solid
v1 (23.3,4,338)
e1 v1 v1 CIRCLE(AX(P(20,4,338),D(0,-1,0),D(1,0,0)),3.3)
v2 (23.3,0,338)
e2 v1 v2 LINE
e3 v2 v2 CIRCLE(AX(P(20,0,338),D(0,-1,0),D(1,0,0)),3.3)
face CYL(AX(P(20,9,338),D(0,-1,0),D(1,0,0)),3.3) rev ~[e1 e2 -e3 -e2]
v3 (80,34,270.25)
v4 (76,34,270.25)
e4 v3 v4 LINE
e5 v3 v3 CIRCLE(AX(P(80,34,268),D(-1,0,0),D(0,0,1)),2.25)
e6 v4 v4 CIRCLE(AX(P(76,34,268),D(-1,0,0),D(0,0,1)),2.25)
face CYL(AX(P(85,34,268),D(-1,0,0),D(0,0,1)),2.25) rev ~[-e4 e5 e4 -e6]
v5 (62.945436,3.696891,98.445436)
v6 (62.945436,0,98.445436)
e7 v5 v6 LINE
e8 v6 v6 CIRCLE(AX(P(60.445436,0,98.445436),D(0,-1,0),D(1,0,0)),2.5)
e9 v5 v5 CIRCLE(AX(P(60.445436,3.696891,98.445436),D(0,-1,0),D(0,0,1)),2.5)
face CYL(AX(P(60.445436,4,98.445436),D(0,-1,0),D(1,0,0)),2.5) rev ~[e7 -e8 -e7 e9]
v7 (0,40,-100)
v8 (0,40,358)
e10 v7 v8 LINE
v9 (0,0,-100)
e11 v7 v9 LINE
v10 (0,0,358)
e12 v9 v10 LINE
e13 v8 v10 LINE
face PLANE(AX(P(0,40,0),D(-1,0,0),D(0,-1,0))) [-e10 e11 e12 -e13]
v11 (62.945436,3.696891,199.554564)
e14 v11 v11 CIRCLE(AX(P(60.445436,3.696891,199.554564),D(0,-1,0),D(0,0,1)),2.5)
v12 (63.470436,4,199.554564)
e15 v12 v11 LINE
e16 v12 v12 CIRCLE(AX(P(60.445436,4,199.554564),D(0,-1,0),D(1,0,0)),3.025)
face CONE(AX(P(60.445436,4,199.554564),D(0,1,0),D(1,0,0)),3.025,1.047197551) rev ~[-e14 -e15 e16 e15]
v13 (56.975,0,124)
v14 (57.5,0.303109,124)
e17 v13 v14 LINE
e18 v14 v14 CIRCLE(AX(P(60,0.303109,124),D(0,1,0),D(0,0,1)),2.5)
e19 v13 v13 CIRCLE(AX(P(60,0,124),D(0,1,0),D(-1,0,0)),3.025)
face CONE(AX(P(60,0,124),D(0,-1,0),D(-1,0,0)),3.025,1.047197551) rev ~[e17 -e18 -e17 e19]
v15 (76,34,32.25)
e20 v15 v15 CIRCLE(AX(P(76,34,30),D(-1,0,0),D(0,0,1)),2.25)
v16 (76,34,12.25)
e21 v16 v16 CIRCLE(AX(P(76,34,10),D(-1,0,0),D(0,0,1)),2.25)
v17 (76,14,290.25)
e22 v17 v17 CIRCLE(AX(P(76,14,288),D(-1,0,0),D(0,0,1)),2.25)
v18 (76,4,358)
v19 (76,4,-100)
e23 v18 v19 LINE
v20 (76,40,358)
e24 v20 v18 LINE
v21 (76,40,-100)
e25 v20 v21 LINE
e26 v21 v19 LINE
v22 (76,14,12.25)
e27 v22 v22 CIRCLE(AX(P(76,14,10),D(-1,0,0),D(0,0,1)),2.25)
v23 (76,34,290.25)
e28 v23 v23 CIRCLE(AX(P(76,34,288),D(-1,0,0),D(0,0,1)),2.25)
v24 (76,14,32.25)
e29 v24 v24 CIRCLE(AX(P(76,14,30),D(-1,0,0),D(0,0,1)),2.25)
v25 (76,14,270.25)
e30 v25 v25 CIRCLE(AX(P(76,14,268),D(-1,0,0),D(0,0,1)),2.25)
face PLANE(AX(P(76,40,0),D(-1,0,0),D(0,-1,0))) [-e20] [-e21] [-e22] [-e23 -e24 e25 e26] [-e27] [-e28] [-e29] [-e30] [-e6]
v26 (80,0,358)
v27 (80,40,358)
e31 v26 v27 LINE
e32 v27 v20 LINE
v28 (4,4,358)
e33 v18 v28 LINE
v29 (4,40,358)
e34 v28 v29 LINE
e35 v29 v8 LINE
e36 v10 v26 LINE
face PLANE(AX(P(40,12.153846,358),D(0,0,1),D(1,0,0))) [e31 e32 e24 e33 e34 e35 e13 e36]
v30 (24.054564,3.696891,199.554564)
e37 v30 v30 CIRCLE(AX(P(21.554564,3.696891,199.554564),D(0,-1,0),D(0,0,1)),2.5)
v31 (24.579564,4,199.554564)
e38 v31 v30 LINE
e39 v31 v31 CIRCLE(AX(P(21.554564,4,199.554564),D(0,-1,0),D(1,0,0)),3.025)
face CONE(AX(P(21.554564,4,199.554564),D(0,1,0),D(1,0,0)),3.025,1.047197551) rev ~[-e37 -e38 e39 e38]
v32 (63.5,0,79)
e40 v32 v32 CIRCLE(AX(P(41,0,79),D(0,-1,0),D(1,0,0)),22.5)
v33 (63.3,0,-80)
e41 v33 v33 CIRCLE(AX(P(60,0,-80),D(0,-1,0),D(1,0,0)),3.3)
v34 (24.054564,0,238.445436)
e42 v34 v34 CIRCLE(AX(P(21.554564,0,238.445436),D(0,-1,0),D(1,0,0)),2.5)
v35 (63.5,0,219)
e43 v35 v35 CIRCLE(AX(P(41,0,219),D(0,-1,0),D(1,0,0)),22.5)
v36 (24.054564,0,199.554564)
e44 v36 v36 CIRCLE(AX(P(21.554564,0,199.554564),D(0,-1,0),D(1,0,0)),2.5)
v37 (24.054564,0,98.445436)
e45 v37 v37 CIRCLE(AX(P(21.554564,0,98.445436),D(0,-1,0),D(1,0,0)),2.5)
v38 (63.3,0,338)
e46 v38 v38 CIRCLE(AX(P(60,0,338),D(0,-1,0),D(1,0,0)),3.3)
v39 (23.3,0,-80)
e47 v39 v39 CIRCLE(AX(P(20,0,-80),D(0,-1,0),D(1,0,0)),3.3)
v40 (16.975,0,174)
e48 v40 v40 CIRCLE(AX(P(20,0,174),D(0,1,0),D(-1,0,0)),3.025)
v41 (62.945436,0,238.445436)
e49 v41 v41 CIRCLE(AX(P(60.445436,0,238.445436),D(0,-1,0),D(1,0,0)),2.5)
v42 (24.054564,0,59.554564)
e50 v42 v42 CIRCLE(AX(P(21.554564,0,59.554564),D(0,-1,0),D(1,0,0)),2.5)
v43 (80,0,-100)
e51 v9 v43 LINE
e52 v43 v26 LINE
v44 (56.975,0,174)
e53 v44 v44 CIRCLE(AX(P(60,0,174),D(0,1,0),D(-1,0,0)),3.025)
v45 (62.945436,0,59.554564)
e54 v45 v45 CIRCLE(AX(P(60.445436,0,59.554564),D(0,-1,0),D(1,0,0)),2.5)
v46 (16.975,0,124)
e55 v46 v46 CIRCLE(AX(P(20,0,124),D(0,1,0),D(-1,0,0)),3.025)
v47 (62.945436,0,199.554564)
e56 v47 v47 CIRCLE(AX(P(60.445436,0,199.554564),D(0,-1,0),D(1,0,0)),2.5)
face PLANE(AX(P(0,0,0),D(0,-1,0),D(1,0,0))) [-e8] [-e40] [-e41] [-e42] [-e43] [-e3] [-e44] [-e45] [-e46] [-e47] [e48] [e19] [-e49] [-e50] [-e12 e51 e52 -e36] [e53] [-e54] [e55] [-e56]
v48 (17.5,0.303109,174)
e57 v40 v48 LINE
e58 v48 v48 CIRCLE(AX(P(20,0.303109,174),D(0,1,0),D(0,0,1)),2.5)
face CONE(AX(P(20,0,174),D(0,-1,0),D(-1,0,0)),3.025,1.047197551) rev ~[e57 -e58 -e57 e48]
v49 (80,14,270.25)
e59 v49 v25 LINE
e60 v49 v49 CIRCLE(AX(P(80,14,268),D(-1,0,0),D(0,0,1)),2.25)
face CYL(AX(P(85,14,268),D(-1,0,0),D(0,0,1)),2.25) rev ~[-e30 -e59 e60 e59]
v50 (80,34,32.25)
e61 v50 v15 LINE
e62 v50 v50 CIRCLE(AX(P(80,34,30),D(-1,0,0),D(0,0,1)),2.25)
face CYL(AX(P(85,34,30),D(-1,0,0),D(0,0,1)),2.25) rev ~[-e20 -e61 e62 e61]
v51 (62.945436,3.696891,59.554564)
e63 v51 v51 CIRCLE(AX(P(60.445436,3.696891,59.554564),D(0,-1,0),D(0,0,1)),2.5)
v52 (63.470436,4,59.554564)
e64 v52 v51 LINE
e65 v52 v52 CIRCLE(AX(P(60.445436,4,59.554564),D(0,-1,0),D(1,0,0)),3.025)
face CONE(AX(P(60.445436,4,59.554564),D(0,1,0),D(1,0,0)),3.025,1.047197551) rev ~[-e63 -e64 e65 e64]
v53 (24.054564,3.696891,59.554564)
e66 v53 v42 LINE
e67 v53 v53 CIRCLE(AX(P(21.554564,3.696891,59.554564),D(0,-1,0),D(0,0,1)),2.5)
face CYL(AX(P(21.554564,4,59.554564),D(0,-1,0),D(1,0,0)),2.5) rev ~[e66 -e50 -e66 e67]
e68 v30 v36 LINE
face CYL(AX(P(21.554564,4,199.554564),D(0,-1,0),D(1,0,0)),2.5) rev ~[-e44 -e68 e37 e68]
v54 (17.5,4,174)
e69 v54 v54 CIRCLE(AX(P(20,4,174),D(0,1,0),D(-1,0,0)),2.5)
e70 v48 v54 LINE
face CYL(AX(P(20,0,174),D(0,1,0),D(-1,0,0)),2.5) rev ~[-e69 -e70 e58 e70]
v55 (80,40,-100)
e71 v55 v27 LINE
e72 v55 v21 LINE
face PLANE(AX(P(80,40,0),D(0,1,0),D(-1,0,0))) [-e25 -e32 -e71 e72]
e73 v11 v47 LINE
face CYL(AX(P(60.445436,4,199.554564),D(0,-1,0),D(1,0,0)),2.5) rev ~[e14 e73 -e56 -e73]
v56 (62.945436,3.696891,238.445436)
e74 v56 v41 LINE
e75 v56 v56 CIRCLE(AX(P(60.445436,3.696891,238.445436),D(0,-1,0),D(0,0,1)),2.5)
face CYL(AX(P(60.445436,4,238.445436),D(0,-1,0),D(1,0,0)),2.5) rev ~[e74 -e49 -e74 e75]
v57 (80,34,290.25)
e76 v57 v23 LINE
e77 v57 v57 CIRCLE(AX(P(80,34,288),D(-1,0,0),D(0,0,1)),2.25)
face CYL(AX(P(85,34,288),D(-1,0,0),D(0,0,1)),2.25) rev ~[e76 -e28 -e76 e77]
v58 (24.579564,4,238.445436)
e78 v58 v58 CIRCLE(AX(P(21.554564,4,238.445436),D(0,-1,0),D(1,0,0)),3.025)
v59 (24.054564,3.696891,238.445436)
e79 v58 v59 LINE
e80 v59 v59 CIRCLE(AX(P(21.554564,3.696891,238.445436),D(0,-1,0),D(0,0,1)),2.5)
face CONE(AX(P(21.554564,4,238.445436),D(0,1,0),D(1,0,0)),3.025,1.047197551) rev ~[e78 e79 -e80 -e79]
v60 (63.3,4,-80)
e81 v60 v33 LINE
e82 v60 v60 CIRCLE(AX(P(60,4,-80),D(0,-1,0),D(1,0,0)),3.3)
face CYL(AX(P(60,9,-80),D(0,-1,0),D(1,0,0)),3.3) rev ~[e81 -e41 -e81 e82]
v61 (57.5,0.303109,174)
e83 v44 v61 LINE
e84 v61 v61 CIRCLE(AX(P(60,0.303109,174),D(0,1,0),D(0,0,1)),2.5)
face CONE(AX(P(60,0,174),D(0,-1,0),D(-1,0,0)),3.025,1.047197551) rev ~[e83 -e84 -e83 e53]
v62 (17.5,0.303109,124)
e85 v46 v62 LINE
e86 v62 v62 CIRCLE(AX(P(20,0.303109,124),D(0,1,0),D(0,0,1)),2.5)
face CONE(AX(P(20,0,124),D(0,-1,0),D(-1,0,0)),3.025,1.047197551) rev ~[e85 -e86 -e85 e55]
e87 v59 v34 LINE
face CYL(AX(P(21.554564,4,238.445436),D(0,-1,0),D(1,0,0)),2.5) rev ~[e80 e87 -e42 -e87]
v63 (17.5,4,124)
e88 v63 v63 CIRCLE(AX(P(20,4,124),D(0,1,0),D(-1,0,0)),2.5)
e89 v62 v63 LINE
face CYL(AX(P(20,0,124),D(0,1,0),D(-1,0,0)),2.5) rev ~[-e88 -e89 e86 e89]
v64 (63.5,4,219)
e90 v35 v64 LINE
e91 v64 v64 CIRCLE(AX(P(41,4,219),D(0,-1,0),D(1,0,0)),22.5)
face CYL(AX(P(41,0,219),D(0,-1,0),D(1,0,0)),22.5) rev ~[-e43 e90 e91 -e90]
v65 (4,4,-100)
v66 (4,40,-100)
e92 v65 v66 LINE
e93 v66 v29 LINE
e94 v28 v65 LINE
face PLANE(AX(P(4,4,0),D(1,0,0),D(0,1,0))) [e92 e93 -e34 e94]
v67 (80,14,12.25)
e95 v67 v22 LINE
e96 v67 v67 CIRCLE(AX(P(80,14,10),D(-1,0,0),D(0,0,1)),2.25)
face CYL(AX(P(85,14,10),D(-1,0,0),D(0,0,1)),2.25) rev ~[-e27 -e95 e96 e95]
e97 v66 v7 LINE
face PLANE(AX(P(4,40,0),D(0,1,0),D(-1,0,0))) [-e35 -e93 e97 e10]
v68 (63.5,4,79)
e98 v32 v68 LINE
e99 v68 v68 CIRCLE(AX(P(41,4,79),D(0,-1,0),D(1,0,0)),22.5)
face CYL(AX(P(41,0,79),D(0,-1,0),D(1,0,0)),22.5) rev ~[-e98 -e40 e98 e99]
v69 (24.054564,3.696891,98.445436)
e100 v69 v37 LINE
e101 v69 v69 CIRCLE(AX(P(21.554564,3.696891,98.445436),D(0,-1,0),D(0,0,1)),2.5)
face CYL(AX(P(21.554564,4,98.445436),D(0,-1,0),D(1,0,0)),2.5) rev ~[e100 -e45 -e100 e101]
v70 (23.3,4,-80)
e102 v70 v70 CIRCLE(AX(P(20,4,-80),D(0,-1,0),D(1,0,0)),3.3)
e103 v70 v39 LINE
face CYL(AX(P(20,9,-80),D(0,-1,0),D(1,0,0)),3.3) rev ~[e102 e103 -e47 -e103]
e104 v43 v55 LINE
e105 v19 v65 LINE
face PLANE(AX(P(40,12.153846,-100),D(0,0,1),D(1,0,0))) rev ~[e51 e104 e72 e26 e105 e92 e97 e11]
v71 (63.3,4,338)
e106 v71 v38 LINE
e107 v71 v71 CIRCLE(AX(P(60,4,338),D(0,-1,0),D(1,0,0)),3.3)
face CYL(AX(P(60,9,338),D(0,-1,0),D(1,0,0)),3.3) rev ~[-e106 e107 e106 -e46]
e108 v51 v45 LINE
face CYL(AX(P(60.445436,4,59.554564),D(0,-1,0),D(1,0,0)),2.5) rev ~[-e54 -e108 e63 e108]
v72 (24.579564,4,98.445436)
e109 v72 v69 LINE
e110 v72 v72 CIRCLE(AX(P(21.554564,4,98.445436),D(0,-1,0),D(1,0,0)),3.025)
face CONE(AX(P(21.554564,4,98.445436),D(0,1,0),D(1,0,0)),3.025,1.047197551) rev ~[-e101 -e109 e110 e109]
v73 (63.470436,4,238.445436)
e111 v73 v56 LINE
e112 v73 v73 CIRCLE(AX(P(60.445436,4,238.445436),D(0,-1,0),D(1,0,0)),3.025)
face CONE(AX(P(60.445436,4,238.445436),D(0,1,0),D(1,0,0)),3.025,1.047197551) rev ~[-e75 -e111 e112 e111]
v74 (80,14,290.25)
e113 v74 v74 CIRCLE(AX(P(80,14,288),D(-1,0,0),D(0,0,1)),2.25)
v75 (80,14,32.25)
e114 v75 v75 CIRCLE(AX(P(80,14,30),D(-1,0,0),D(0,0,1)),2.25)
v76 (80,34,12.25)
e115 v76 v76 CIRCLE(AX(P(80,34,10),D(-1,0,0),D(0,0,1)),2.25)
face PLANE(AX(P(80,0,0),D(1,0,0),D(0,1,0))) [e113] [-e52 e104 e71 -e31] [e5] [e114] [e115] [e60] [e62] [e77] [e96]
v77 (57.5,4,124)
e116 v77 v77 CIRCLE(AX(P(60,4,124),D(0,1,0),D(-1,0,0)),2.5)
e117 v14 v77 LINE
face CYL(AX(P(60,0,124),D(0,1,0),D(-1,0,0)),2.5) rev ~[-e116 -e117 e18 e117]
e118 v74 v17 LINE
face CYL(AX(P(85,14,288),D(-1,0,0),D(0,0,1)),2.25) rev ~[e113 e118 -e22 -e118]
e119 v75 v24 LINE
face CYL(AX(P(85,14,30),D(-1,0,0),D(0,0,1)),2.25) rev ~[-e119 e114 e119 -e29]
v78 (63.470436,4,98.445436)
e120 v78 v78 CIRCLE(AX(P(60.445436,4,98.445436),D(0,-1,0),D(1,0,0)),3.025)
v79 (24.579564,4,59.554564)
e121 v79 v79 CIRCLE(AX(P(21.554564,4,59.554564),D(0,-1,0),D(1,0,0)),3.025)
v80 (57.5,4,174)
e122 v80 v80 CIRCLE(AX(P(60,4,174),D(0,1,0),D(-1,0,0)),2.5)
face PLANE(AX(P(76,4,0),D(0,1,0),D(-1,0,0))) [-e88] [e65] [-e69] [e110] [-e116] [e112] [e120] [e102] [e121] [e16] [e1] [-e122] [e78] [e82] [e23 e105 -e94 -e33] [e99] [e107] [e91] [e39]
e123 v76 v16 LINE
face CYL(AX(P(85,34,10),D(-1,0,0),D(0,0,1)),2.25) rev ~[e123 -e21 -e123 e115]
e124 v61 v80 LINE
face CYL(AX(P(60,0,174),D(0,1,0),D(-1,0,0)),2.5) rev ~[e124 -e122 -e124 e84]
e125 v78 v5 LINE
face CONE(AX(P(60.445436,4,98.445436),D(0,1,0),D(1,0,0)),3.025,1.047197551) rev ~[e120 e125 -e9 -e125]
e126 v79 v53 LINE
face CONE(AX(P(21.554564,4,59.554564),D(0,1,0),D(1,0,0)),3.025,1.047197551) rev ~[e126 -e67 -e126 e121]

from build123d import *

# Parameters (mm, degrees)
EXTRUDE_1_DEPTH             = 298
SKETCH_2_R                  = 22.5
CUT_EXTRUDE_1_DEPTH         = 312.133411899
HOLE_WIZARD_M62_D           = 5
HOLE_WIZARD_M62_DEPTH       = 17
HOLE_WIZARD_M62_CSINK_D     = 6.05
HOLE_WIZARD_M62_CSINK_ANGLE = 120
HOLE_WIZARD_M62_TIP         = 1.502151548
HOLE_WIZARD_M42_D           = 4.5
HOLE_WIZARD_M42_DEPTH       = 5
HOLE_WIZARD_M42_TIP         = 1.351936393
HOLE_WIZARD_M63_D           = 5
HOLE_WIZARD_M63_DEPTH       = 17
HOLE_WIZARD_M63_CSINK_D     = 6.05
HOLE_WIZARD_M63_CSINK_ANGLE = 120
HOLE_WIZARD_M63_TIP         = 1.502151548
EXTRUDE_2_DEPTH             = 60
EXTRUDE_3_DEPTH             = 100
HOLE_WIZARD_M61_D           = 6.6
HOLE_WIZARD_M61_DEPTH       = 5
HOLE_WIZARD_M61_TIP         = 1.982840043


with BuildPart() as part:
    # Эскиз1 → Бобышка-Вытянуть1 (new body)
    with BuildSketch(Plane.XY):
        Polygon((0, 0), (0, 40), (4, 40), (4, 4), (76, 4), (76, 40), (80, 40), (80, 0), align=None)
    extrude(amount=EXTRUDE_1_DEPTH)

    # Эскиз2 → Вырез-Вытянуть1 (cut, through all)
    with BuildSketch(Plane.XZ):
        with Locations((41, 219)):
            Circle(SKETCH_2_R)
        with Locations((41, 79)):
            Circle(SKETCH_2_R)
    extrude(amount=-CUT_EXTRUDE_1_DEPTH, mode=Mode.SUBTRACT)

    # Отверстие обработанное метчиком M62
    with Locations(Plane(origin=(0, 4, 0), x_dir=(-1, 0, 0), z_dir=(0, 1, 0))):
        with Locations((-21.554563517, 98.445436483), (-21.554563517, 59.554563517), (-60.445436483, 59.554563517), (-60.445436483, 98.445436483), (-60.445436483, 199.554563517), (-60.445436483, 238.445436483), (-21.554563517, 238.445436483), (-21.554563517, 199.554563517)):
            CounterSinkHole(HOLE_WIZARD_M62_D / 2, HOLE_WIZARD_M62_CSINK_D / 2, depth=HOLE_WIZARD_M62_DEPTH, counter_sink_angle=HOLE_WIZARD_M62_CSINK_ANGLE)
            with Locations((0, 0, -(HOLE_WIZARD_M62_DEPTH + HOLE_WIZARD_M62_TIP / 2))):  # 118° drill point
                Cone(0, HOLE_WIZARD_M62_D / 2, HOLE_WIZARD_M62_TIP, mode=Mode.SUBTRACT)

    # Отверстие с зазором M42
    with Locations(Plane(origin=(80, 0, 0), x_dir=(0, 0, -1), z_dir=(1, 0, 0))):
        with Locations((-288, 34), (-30, 34), (-268, 34), (-10, 34), (-288, 14), (-30, 14), (-268, 14), (-10, 14)):
            Hole(HOLE_WIZARD_M42_D / 2, depth=HOLE_WIZARD_M42_DEPTH)
            with Locations((0, 0, -(HOLE_WIZARD_M42_DEPTH + HOLE_WIZARD_M42_TIP / 2))):  # 118° drill point
                Cone(0, HOLE_WIZARD_M42_D / 2, HOLE_WIZARD_M42_TIP, mode=Mode.SUBTRACT)

    # Отверстие обработанное метчиком M63
    with Locations(Plane.XZ):
        with Locations((20, 124), (20, 174), (60, 174), (60, 124)):
            CounterSinkHole(HOLE_WIZARD_M63_D / 2, HOLE_WIZARD_M63_CSINK_D / 2, depth=HOLE_WIZARD_M63_DEPTH, counter_sink_angle=HOLE_WIZARD_M63_CSINK_ANGLE)
            with Locations((0, 0, -(HOLE_WIZARD_M63_DEPTH + HOLE_WIZARD_M63_TIP / 2))):  # 118° drill point
                Cone(0, HOLE_WIZARD_M63_D / 2, HOLE_WIZARD_M63_TIP, mode=Mode.SUBTRACT)

    # Эскиз15 → Бобышка-Вытянуть2 (add)
    with BuildSketch(Plane.XY.offset(298)):
        Polygon((4, 4), (4, 40), (0, 40), (0, 0), (80, 0), (80, 40), (76, 40), (76, 4), align=None)
    extrude(amount=EXTRUDE_2_DEPTH)

    # Эскиз17 → Бобышка-Вытянуть3 (add)
    with BuildSketch(Plane(origin=(0, 0, 0), x_dir=(-1, 0, 0), z_dir=(0, 0, -1))):
        Polygon((-4, 4), (-4, 40), (0, 40), (0, 0), (-80, 0), (-80, 40), (-76, 40), (-76, 4), align=None)
    extrude(amount=EXTRUDE_3_DEPTH)

    # Отверстие с зазором M61
    with Locations(Plane(origin=(0, 4, 0), x_dir=(-1, 0, 0), z_dir=(0, 1, 0))):
        with Locations((-20, 338), (-60, 338), (-60, -80), (-20, -80)):
            Hole(HOLE_WIZARD_M61_D / 2, depth=HOLE_WIZARD_M61_DEPTH)
            with Locations((0, 0, -(HOLE_WIZARD_M61_DEPTH + HOLE_WIZARD_M61_TIP / 2))):  # 118° drill point
                Cone(0, HOLE_WIZARD_M61_D / 2, HOLE_WIZARD_M61_TIP, mode=Mode.SUBTRACT)


solid = part.part
